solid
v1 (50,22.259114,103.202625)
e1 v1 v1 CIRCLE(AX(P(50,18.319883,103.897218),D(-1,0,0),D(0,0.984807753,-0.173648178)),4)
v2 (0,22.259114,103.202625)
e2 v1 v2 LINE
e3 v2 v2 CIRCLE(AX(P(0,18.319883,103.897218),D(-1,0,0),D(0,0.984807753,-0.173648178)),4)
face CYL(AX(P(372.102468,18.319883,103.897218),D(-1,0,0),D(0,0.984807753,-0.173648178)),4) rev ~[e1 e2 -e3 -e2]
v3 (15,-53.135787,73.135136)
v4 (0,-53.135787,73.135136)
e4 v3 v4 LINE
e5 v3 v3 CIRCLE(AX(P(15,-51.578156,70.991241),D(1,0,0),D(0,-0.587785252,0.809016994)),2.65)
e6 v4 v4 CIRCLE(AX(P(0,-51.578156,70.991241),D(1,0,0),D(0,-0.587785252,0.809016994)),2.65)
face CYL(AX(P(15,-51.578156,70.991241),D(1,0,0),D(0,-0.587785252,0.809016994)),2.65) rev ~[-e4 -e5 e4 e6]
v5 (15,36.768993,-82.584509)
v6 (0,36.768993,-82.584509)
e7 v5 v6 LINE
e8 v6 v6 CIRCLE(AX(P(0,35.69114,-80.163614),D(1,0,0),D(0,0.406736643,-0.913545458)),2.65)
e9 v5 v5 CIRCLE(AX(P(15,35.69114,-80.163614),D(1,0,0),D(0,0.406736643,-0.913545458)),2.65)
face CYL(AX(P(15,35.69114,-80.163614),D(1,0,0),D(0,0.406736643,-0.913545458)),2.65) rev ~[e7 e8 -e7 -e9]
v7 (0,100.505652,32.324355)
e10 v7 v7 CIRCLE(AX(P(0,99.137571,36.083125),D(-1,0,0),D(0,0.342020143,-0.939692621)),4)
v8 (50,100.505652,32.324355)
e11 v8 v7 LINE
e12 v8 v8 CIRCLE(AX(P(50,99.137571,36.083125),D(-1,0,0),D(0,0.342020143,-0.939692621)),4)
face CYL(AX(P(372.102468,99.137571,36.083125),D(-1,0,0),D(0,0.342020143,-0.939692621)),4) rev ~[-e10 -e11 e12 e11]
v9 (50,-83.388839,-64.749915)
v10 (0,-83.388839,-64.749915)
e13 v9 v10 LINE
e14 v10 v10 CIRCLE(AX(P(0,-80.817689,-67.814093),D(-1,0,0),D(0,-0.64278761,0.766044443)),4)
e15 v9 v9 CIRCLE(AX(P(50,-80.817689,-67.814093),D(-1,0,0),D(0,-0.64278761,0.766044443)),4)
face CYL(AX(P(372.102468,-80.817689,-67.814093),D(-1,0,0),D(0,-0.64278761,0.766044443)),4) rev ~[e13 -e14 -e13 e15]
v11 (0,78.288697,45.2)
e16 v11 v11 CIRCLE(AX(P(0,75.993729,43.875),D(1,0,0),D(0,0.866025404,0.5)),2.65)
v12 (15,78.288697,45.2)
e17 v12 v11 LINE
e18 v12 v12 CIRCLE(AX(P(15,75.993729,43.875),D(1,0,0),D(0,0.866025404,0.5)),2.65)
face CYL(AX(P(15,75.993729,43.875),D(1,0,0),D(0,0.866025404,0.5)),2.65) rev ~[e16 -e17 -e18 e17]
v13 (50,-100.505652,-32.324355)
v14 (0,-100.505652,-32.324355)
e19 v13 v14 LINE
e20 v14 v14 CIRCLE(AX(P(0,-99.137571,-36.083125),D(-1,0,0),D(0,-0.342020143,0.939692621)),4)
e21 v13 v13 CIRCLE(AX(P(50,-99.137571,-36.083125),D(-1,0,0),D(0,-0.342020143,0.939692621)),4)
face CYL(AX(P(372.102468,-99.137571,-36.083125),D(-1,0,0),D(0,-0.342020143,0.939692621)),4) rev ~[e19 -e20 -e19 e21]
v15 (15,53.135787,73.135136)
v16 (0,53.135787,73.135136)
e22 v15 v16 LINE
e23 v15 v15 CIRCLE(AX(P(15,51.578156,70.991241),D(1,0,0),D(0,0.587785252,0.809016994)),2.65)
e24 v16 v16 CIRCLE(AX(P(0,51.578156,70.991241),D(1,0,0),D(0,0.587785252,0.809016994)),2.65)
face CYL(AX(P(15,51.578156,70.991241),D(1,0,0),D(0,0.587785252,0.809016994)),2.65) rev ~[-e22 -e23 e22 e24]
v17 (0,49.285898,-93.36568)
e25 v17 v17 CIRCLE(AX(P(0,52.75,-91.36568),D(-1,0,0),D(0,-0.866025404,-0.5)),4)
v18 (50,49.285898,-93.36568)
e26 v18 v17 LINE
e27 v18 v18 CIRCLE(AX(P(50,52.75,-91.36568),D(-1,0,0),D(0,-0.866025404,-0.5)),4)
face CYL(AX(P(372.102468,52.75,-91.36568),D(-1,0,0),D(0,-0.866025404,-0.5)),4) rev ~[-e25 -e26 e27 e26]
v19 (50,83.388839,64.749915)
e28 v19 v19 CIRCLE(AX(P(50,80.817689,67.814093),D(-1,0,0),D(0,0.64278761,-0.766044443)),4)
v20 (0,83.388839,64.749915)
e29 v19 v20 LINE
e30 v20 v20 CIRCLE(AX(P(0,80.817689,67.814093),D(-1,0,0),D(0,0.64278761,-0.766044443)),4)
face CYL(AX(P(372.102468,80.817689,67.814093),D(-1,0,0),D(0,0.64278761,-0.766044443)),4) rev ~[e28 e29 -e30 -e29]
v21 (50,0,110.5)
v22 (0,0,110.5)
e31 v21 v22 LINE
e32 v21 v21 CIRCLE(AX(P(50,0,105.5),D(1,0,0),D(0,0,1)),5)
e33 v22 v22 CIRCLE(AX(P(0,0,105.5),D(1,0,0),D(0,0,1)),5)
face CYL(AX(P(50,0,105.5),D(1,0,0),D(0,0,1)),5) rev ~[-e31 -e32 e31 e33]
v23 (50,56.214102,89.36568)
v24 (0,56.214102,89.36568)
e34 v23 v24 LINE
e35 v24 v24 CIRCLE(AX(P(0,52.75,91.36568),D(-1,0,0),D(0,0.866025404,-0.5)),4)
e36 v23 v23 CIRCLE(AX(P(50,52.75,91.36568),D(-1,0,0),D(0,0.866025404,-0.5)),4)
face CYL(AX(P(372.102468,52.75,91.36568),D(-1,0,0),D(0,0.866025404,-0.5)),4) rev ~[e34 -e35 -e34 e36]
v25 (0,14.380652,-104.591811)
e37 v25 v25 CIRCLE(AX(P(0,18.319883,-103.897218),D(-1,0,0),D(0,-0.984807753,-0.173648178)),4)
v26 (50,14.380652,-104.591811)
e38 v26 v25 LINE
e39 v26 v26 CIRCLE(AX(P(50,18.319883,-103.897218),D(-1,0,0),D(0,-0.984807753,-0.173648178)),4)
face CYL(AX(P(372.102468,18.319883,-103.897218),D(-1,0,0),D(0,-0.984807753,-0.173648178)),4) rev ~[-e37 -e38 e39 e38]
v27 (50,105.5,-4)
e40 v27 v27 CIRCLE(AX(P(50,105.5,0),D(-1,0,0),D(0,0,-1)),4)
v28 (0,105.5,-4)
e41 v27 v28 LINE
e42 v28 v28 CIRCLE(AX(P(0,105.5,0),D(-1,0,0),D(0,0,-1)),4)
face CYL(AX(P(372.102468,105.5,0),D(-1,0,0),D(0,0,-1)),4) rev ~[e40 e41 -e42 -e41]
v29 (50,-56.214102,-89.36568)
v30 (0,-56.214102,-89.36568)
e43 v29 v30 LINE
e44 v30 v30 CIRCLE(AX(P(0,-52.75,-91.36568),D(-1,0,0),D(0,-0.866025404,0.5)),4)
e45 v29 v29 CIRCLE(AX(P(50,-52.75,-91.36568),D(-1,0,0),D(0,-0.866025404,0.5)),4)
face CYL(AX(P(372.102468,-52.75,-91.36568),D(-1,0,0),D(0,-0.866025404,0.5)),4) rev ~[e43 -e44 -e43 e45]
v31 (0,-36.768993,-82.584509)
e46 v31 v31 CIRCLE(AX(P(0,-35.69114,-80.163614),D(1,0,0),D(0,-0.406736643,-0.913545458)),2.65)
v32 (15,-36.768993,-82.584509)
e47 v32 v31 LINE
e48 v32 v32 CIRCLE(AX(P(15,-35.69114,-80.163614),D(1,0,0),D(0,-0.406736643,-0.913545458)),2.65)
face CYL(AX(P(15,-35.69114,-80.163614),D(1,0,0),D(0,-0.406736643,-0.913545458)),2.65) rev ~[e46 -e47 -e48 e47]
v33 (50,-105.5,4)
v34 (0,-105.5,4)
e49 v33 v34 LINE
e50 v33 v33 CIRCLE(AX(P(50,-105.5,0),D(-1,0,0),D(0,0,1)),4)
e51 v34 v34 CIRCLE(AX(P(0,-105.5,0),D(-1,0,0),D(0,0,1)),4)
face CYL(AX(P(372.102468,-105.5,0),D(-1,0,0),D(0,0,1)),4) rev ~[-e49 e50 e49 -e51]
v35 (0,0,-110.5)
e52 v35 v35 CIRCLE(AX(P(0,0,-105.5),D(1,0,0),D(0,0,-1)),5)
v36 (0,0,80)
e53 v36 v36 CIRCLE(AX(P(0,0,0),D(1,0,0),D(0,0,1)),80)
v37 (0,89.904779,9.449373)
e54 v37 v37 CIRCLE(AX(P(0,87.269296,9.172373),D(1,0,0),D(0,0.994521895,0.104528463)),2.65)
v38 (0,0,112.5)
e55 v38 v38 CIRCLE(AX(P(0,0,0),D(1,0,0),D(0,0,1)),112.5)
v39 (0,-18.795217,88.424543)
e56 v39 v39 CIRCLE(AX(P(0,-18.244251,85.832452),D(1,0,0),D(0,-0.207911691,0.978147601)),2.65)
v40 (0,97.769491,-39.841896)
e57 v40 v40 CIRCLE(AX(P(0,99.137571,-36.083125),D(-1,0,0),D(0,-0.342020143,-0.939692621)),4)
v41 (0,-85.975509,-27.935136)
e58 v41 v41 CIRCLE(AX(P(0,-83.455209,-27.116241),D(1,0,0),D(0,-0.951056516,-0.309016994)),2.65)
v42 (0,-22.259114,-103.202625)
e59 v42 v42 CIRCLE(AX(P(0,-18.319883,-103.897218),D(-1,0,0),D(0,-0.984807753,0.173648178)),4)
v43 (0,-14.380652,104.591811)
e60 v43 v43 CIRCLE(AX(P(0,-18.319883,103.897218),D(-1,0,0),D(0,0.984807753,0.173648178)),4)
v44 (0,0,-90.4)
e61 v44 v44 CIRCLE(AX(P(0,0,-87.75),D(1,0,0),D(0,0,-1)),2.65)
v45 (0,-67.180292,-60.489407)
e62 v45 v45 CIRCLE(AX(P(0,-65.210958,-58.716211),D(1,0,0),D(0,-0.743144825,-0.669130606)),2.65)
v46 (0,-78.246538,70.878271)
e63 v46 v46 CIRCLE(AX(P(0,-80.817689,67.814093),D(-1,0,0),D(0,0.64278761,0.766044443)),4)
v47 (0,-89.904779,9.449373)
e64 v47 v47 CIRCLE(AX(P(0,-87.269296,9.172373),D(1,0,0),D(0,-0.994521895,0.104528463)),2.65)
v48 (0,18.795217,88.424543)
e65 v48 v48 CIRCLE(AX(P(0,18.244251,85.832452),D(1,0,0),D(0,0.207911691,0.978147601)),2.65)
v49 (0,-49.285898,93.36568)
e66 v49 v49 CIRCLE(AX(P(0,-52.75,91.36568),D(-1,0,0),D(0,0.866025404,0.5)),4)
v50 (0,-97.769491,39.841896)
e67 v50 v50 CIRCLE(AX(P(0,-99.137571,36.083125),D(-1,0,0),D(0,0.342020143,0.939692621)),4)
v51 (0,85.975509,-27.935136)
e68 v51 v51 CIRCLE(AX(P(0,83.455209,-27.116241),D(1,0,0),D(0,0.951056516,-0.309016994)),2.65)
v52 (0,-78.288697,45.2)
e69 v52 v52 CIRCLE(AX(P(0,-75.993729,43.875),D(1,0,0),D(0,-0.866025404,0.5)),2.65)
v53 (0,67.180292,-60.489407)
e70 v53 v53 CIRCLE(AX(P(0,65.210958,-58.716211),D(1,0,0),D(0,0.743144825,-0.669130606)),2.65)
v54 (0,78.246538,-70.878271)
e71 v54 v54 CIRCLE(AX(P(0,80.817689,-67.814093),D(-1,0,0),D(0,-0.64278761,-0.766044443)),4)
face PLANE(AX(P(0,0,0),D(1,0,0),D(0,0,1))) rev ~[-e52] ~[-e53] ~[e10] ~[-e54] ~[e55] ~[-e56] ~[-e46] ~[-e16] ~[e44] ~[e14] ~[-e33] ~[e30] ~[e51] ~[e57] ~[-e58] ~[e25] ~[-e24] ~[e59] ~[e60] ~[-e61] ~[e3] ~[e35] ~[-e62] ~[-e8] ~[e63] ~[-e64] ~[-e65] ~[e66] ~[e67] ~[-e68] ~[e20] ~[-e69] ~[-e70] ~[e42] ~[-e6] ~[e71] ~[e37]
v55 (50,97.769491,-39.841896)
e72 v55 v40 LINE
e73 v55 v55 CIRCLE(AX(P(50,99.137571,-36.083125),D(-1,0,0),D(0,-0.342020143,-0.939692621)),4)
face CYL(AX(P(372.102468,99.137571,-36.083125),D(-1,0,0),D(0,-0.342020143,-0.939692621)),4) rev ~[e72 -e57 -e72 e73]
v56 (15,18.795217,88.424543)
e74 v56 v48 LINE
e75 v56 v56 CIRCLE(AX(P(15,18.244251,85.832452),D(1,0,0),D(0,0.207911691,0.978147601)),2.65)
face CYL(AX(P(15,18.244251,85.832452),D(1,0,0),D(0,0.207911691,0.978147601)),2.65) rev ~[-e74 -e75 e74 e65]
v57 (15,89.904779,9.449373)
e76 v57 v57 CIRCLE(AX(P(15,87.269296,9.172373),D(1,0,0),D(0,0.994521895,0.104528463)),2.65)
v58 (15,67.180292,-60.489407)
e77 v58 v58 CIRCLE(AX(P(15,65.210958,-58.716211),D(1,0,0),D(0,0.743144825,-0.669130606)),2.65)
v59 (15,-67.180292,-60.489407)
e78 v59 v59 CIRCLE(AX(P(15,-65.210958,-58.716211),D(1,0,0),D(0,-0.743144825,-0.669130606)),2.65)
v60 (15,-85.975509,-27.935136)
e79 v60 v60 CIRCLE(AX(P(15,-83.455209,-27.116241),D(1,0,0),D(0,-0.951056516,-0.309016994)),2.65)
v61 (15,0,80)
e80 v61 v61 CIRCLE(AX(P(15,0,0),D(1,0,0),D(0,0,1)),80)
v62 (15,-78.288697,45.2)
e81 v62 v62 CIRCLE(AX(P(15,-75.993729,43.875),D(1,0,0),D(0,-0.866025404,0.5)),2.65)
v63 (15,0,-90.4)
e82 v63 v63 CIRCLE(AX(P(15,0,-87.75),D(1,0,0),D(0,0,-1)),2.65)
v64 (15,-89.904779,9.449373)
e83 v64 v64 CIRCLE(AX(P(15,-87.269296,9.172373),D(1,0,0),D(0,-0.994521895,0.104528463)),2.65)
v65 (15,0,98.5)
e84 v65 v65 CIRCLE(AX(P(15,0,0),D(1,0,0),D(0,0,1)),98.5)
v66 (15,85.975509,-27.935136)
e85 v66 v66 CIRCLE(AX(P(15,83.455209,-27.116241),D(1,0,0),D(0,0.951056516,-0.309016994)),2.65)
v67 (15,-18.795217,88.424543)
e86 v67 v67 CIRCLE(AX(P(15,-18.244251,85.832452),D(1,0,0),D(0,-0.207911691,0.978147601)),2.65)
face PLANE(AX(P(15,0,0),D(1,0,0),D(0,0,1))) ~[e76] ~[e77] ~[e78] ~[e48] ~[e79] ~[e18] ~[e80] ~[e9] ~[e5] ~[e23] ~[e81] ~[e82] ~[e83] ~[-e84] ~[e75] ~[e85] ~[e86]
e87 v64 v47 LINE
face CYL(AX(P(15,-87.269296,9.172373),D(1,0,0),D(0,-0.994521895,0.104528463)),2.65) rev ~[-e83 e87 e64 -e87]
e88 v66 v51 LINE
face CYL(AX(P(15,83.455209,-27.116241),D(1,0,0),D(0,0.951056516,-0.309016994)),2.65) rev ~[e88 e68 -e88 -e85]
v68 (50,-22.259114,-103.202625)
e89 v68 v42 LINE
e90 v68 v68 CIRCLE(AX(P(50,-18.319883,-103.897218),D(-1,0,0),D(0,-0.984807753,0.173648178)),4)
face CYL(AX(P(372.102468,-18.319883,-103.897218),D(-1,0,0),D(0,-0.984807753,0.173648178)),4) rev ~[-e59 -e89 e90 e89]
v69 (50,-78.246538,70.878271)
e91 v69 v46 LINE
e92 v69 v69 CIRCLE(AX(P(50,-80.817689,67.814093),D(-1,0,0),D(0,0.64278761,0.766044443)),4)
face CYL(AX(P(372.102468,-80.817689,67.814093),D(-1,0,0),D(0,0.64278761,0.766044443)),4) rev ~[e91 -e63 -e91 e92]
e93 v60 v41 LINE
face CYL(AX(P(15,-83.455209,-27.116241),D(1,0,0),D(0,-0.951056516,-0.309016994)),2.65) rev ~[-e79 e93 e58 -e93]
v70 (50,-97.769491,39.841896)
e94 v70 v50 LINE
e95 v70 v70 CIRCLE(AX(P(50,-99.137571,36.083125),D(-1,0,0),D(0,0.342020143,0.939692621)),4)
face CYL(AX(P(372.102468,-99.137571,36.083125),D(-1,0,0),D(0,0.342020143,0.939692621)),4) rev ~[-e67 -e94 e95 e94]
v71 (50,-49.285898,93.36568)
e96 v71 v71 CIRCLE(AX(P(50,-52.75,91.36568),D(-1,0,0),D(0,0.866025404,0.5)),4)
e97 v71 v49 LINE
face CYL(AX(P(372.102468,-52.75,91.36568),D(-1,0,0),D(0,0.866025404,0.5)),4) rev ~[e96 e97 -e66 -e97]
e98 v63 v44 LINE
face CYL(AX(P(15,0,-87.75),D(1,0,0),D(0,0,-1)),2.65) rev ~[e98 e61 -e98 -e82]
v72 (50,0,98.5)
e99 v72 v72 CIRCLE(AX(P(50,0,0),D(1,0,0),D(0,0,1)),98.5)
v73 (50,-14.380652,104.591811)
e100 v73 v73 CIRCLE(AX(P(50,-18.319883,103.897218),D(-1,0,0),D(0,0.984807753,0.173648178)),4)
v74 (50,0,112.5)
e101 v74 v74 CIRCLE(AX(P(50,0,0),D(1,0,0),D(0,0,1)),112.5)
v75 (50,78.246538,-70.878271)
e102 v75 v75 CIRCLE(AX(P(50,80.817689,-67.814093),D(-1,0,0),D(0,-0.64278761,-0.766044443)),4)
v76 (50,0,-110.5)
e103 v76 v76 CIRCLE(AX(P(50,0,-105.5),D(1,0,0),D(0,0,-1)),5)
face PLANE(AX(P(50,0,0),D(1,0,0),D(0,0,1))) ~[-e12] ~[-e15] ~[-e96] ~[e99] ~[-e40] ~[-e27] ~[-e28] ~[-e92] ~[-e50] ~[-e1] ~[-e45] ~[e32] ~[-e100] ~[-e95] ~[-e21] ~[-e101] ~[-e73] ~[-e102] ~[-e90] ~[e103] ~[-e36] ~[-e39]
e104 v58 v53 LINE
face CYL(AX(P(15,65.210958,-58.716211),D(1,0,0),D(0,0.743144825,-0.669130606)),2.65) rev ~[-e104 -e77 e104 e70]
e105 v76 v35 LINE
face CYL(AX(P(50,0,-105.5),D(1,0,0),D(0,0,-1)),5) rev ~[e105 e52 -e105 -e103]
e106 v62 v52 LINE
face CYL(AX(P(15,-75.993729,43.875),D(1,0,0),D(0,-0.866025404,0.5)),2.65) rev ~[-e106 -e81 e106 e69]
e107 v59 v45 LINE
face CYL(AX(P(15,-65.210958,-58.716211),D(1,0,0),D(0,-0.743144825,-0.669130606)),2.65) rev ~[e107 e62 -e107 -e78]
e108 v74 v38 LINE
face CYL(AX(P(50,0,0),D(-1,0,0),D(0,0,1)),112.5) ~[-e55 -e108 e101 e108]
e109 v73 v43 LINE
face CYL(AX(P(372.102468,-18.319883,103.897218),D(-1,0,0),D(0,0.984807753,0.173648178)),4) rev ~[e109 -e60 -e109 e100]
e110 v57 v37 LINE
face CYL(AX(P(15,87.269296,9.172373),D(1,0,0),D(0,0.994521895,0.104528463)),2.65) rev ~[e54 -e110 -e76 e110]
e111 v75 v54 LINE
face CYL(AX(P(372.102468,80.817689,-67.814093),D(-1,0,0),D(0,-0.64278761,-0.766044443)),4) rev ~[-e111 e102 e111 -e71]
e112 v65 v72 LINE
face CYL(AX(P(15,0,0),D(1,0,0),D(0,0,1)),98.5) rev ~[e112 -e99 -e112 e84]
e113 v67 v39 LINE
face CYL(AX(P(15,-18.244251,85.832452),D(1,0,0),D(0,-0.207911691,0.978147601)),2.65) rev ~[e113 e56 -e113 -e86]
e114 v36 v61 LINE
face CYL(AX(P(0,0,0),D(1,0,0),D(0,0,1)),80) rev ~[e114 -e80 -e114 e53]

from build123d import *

# Parameters (mm, degrees)
SKETCH3_R             = 5
CUT_EXTRUDE1_DEPTH    = 167.770800802
F_8_0MM_DOWEL_HOLE1_D = 8
CIRPATTERN1_COUNT     = 18
SKETCH7_R             = 2.65
CUT_EXTRUDE2_DEPTH    = 163.903345576
CIRPATTERN2_COUNT     = 15


with BuildPart() as part:
    # Sketch1 → Revolve1 (revolve)
    with BuildSketch(Plane.XY):
        Polygon((0, 112.5), (0, 80), (15, 80), (15, 98.5), (50, 98.5), (50, 112.5), align=None)
    revolve(axis=Axis((0, 0, 0), (1, 0, 0)))

    # Sketch3 → Cut-Extrude1 (cut, through all)
    with BuildSketch(Plane(origin=(50, 0, 0), x_dir=(0, 0, -1), z_dir=(1, 0, 0))):
        with Locations((105.5, 0)):
            Circle(SKETCH3_R)
        with Locations((-105.5, 0)):
            Circle(SKETCH3_R)
    extrude(amount=-CUT_EXTRUDE1_DEPTH, mode=Mode.SUBTRACT)

    # Ø8.0mm Dowel Hole1 (through all)
    with Locations(Plane(origin=(50, 105.5, 0), x_dir=(0, 0, 1), z_dir=(1, 0, 0))):
        with Locations((0, 0)):
            f_8_0mm_dowel_hole1 = Hole(F_8_0MM_DOWEL_HOLE1_D / 2)

    # CirPattern1: Ø8.0mm Dowel Hole1 ×18 about axis
    cirpattern1_axis = Axis((50, 0, 0), (-1, 0, 0))
    for i in range(1, CIRPATTERN1_COUNT):
        add(f_8_0mm_dowel_hole1.rotate(cirpattern1_axis, i * 360 / CIRPATTERN1_COUNT), mode=Mode.SUBTRACT)

    # Sketch7 → Cut-Extrude2 (cut, through all)
    with BuildSketch(Plane(origin=(15, 0, 0), x_dir=(0, 0, -1), z_dir=(1, 0, 0))):
        with Locations((87.75, 0)):
            Circle(SKETCH7_R)
    cut_extrude2 = extrude(amount=-CUT_EXTRUDE2_DEPTH, mode=Mode.SUBTRACT)

    # CirPattern2: Cut-Extrude2 ×15 about axis
    cirpattern2_axis = Axis((50, 0, 0), (-1, 0, 0))
    for i in range(1, CIRPATTERN2_COUNT):
        add(cut_extrude2.rotate(cirpattern2_axis, i * 360 / CIRPATTERN2_COUNT), mode=Mode.SUBTRACT)


solid = part.part
